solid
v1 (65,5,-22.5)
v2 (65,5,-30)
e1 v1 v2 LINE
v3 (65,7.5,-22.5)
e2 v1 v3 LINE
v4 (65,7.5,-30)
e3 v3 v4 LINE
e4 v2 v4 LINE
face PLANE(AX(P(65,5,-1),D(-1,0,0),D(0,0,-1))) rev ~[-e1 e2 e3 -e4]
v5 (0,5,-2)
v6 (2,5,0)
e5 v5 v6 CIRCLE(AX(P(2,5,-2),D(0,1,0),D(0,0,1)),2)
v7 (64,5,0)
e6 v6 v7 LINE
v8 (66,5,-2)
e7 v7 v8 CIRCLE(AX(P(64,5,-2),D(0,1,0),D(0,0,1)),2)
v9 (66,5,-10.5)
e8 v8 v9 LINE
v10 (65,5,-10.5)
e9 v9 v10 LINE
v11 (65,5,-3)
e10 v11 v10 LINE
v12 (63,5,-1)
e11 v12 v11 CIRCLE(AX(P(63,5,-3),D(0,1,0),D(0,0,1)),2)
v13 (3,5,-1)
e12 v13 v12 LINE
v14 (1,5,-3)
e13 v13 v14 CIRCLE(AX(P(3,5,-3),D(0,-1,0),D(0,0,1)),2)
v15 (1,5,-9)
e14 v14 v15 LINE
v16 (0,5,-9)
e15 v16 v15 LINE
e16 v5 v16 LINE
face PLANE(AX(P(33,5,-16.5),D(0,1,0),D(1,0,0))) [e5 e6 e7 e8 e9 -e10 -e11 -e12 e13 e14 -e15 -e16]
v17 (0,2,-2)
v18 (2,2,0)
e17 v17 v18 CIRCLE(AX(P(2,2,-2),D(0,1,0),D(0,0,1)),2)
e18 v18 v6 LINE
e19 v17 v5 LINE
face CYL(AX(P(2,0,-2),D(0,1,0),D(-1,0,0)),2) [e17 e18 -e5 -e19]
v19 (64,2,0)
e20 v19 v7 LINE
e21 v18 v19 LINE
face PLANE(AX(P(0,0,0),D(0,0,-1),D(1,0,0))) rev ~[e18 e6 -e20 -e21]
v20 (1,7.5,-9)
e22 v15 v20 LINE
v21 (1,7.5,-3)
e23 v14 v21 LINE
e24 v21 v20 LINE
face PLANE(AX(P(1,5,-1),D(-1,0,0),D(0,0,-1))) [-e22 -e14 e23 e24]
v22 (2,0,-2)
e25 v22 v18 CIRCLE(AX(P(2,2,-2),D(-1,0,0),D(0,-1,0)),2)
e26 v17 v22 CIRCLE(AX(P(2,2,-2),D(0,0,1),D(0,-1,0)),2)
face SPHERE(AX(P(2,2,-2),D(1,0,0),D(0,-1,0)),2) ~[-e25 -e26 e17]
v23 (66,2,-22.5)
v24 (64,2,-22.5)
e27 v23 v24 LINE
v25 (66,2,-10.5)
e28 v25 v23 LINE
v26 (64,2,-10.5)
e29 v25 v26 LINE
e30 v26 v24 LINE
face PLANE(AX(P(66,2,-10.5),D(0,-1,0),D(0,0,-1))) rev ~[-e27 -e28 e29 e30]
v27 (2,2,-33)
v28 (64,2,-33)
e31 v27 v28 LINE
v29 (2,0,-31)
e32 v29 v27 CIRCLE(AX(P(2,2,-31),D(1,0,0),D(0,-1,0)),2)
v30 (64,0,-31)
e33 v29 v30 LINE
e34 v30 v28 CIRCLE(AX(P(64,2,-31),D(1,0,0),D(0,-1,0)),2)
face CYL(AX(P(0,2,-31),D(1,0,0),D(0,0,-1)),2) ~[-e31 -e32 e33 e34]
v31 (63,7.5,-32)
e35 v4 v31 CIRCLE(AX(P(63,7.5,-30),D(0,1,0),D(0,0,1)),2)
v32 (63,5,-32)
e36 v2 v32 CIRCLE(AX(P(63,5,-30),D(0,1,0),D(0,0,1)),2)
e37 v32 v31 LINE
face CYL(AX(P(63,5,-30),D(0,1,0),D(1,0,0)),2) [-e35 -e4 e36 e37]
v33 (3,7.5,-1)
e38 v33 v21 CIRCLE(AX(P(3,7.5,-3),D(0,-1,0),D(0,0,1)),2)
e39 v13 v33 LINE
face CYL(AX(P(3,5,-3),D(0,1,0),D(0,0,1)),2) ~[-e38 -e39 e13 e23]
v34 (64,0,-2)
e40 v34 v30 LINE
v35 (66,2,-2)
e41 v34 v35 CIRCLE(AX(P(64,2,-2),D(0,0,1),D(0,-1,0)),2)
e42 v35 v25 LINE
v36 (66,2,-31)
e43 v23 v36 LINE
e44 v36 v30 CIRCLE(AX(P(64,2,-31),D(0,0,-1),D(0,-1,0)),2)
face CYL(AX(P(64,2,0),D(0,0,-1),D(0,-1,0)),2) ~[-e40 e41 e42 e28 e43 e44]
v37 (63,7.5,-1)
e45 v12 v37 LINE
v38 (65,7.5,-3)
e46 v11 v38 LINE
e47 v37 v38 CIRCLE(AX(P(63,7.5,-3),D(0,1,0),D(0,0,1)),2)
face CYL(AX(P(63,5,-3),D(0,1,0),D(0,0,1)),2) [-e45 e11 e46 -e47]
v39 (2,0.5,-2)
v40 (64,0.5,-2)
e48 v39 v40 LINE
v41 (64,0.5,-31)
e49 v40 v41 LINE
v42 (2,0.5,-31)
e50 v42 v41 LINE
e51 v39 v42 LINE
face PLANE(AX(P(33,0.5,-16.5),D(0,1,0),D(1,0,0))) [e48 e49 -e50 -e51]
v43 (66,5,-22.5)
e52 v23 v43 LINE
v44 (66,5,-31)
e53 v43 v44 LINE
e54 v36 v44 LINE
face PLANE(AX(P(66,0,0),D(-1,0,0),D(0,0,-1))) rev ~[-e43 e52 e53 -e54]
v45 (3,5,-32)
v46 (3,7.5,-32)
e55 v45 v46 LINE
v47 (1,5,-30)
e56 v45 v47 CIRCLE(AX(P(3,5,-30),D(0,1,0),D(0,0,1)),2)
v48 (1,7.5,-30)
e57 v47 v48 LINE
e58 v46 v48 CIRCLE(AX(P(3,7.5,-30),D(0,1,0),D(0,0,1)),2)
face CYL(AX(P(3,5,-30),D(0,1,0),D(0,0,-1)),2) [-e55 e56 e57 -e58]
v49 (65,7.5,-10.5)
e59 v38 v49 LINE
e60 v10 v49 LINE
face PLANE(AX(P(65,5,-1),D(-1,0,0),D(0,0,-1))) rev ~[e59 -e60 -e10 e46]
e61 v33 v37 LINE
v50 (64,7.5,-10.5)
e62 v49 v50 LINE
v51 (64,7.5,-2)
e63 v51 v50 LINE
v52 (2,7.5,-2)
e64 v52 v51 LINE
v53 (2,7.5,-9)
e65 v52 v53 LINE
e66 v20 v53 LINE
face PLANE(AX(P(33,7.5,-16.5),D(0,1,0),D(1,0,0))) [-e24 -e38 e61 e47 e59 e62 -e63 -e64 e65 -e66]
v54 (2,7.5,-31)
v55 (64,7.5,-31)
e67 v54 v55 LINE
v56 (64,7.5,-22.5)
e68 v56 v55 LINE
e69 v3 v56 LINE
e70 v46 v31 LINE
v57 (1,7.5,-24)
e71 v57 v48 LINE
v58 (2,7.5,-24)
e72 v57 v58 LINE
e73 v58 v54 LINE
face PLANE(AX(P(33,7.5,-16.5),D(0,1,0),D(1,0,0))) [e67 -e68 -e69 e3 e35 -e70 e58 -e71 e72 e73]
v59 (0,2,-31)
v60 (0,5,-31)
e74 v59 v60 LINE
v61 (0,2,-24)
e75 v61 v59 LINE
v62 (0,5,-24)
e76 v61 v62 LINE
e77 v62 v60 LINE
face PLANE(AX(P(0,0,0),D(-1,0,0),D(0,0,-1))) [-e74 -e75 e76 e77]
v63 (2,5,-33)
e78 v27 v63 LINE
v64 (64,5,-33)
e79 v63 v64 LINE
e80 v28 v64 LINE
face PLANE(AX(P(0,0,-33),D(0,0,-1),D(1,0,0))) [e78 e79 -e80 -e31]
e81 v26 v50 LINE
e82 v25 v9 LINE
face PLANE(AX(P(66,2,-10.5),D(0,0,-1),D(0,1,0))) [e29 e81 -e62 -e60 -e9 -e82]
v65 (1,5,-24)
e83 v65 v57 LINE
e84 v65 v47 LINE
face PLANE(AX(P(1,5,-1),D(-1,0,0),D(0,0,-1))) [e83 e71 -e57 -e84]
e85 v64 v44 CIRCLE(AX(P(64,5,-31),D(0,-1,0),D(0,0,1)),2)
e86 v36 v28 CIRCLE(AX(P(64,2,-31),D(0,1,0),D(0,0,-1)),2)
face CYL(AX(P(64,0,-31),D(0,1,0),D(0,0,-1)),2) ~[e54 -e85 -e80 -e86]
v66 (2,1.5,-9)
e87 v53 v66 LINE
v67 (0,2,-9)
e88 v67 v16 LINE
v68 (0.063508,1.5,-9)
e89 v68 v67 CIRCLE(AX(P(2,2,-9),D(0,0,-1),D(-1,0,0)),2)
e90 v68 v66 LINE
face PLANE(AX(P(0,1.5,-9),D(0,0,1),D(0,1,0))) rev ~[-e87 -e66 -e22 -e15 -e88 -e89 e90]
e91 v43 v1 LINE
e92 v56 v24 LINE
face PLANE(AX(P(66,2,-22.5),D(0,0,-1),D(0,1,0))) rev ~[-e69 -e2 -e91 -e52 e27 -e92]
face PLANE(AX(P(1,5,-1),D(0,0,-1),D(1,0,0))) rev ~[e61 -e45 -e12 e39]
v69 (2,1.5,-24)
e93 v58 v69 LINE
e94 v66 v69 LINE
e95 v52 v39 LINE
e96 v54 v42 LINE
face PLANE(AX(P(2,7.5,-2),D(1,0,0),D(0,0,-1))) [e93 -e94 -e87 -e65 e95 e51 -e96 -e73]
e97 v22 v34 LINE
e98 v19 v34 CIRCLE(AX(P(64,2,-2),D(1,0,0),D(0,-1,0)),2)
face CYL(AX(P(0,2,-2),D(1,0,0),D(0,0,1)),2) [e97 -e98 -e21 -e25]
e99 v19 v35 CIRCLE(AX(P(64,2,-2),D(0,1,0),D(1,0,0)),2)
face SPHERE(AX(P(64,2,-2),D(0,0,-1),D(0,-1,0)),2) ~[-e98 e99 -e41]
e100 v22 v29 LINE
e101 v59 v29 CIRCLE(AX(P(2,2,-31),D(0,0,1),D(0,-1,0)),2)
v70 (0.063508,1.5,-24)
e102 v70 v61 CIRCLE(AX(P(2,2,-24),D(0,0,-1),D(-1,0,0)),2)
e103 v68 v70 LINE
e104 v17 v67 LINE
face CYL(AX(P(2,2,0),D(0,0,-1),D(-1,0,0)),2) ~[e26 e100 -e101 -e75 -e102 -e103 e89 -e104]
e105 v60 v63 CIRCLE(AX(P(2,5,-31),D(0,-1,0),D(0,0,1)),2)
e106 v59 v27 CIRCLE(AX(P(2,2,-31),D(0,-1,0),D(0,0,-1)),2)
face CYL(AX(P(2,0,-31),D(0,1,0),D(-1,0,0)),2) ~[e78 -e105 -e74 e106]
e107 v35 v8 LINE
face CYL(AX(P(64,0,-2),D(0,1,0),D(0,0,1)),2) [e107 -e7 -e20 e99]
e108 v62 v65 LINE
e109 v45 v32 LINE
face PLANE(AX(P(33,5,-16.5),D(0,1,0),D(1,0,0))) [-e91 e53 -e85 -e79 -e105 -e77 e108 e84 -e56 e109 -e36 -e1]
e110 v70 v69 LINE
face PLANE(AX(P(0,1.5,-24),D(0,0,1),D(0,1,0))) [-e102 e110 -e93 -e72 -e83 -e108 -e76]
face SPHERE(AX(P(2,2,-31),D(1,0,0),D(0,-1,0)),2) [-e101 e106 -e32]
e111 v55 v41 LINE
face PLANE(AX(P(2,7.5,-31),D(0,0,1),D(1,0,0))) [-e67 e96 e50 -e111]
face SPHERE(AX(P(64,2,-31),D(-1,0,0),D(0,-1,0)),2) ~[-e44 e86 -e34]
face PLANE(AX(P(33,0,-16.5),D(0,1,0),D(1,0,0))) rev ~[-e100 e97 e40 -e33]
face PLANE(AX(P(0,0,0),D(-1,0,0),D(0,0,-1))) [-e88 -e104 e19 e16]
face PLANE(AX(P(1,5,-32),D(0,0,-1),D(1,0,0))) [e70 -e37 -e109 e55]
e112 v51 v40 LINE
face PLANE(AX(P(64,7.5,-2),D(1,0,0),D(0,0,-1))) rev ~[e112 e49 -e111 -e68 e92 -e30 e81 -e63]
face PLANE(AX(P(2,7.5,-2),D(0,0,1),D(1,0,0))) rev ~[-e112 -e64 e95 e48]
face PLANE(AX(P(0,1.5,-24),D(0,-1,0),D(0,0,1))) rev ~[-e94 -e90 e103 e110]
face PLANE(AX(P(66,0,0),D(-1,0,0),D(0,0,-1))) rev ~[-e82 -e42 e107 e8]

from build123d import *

# Parameters (mm, degrees)
SKETCH1_W           = 66
SKETCH1_H           = 33
BOSS_EXTRUDE1_DEPTH = 5
SKETCH2_W           = 64
SKETCH2_H           = 31
BOSS_EXTRUDE2_DEPTH = 2.5
SKETCH3_W           = 62
SKETCH3_H           = 29
CUT_EXTRUDE1_DEPTH  = 7
FILLET1_R           = 2
FILLET2_R           = 2
SKETCH4_W           = 12
SKETCH4_H           = 2.5
CUT_EXTRUDE2_DEPTH  = 7
SKETCH10_W          = 12
SKETCH10_H          = 3
CUT_EXTRUDE3_DEPTH  = 7
SKETCH11_W          = 15
SKETCH11_H          = 2.5
CUT_EXTRUDE4_DEPTH  = 7
SKETCH12_W          = 15
SKETCH12_H          = 3.5
CUT_EXTRUDE5_DEPTH  = 7


with BuildPart() as part:
    # Sketch1 → Boss-Extrude1 (new body)
    with BuildSketch(Plane(origin=(0, 0, 0), x_dir=(1, 0, 0), z_dir=(0, 1, 0))):
        with Locations((33, 16.5)):
            Rectangle(SKETCH1_W, SKETCH1_H)
    extrude(amount=BOSS_EXTRUDE1_DEPTH)

    # Sketch2 → Boss-Extrude2 (add)
    with BuildSketch(Plane(origin=(0, 5, 0), x_dir=(1, 0, 0), z_dir=(0, 1, 0))):
        with Locations((33, 16.5)):
            Rectangle(SKETCH2_W, SKETCH2_H)
    extrude(amount=BOSS_EXTRUDE2_DEPTH)

    # Sketch3 → Cut-Extrude1 (cut)
    with BuildSketch(Plane(origin=(0, 7.5, 0), x_dir=(1, 0, 0), z_dir=(0, 1, 0))):
        with Locations((33, 16.5)):
            Rectangle(SKETCH3_W, SKETCH3_H)
    extrude(amount=-CUT_EXTRUDE1_DEPTH, mode=Mode.SUBTRACT)

    # Fillet1
    fillet1_edges = [part.edges().sort_by_distance(p)[0] for p in [
        (33, 0, -33),
        (66, 0, -16.5),
        (33, 0, 0),
        (0, 0, -16.5),
        (0, 2.5, -33),
        (66, 2.5, -33),
        (66, 2.5, 0),
        (0, 2.5, 0),
    ]]
    fillet(fillet1_edges, radius=FILLET1_R)

    # Fillet2
    fillet2_edges = [part.edges().sort_by_distance(p)[0] for p in [
        (1, 6.25, -32),
        (1, 6.25, -1),
        (65, 6.25, -1),
        (65, 6.25, -32),
    ]]
    fillet(fillet2_edges, radius=FILLET2_R)

    # Sketch4 → Cut-Extrude2 (cut)
    with BuildSketch(Plane(origin=(65, 0, 0), x_dir=(0, 0, -1), z_dir=(1, 0, 0))):
        with Locations((16.5, 6.25)):
            Rectangle(SKETCH4_W, SKETCH4_H)
    extrude(amount=-CUT_EXTRUDE2_DEPTH, mode=Mode.SUBTRACT)

    # Sketch10 → Cut-Extrude3 (cut)
    with BuildSketch(Plane(origin=(66, 0, 0), x_dir=(0, 0, -1), z_dir=(1, 0, 0))):
        with Locations((16.5, 3.5)):
            Rectangle(SKETCH10_W, SKETCH10_H)
    extrude(amount=-CUT_EXTRUDE3_DEPTH, mode=Mode.SUBTRACT)

    # Sketch11 → Cut-Extrude4 (cut)
    with BuildSketch(Plane.ZY.offset(-1)):
        with Locations((-16.5, 6.25)):
            Rectangle(SKETCH11_W, SKETCH11_H)
    extrude(amount=-CUT_EXTRUDE4_DEPTH, mode=Mode.SUBTRACT)

    # Sketch12 → Cut-Extrude5 (cut)
    with BuildSketch(Plane.ZY):
        with Locations((-16.5, 3.25)):
            Rectangle(SKETCH12_W, SKETCH12_H)
    extrude(amount=-CUT_EXTRUDE5_DEPTH, mode=Mode.SUBTRACT)


solid = part.part
